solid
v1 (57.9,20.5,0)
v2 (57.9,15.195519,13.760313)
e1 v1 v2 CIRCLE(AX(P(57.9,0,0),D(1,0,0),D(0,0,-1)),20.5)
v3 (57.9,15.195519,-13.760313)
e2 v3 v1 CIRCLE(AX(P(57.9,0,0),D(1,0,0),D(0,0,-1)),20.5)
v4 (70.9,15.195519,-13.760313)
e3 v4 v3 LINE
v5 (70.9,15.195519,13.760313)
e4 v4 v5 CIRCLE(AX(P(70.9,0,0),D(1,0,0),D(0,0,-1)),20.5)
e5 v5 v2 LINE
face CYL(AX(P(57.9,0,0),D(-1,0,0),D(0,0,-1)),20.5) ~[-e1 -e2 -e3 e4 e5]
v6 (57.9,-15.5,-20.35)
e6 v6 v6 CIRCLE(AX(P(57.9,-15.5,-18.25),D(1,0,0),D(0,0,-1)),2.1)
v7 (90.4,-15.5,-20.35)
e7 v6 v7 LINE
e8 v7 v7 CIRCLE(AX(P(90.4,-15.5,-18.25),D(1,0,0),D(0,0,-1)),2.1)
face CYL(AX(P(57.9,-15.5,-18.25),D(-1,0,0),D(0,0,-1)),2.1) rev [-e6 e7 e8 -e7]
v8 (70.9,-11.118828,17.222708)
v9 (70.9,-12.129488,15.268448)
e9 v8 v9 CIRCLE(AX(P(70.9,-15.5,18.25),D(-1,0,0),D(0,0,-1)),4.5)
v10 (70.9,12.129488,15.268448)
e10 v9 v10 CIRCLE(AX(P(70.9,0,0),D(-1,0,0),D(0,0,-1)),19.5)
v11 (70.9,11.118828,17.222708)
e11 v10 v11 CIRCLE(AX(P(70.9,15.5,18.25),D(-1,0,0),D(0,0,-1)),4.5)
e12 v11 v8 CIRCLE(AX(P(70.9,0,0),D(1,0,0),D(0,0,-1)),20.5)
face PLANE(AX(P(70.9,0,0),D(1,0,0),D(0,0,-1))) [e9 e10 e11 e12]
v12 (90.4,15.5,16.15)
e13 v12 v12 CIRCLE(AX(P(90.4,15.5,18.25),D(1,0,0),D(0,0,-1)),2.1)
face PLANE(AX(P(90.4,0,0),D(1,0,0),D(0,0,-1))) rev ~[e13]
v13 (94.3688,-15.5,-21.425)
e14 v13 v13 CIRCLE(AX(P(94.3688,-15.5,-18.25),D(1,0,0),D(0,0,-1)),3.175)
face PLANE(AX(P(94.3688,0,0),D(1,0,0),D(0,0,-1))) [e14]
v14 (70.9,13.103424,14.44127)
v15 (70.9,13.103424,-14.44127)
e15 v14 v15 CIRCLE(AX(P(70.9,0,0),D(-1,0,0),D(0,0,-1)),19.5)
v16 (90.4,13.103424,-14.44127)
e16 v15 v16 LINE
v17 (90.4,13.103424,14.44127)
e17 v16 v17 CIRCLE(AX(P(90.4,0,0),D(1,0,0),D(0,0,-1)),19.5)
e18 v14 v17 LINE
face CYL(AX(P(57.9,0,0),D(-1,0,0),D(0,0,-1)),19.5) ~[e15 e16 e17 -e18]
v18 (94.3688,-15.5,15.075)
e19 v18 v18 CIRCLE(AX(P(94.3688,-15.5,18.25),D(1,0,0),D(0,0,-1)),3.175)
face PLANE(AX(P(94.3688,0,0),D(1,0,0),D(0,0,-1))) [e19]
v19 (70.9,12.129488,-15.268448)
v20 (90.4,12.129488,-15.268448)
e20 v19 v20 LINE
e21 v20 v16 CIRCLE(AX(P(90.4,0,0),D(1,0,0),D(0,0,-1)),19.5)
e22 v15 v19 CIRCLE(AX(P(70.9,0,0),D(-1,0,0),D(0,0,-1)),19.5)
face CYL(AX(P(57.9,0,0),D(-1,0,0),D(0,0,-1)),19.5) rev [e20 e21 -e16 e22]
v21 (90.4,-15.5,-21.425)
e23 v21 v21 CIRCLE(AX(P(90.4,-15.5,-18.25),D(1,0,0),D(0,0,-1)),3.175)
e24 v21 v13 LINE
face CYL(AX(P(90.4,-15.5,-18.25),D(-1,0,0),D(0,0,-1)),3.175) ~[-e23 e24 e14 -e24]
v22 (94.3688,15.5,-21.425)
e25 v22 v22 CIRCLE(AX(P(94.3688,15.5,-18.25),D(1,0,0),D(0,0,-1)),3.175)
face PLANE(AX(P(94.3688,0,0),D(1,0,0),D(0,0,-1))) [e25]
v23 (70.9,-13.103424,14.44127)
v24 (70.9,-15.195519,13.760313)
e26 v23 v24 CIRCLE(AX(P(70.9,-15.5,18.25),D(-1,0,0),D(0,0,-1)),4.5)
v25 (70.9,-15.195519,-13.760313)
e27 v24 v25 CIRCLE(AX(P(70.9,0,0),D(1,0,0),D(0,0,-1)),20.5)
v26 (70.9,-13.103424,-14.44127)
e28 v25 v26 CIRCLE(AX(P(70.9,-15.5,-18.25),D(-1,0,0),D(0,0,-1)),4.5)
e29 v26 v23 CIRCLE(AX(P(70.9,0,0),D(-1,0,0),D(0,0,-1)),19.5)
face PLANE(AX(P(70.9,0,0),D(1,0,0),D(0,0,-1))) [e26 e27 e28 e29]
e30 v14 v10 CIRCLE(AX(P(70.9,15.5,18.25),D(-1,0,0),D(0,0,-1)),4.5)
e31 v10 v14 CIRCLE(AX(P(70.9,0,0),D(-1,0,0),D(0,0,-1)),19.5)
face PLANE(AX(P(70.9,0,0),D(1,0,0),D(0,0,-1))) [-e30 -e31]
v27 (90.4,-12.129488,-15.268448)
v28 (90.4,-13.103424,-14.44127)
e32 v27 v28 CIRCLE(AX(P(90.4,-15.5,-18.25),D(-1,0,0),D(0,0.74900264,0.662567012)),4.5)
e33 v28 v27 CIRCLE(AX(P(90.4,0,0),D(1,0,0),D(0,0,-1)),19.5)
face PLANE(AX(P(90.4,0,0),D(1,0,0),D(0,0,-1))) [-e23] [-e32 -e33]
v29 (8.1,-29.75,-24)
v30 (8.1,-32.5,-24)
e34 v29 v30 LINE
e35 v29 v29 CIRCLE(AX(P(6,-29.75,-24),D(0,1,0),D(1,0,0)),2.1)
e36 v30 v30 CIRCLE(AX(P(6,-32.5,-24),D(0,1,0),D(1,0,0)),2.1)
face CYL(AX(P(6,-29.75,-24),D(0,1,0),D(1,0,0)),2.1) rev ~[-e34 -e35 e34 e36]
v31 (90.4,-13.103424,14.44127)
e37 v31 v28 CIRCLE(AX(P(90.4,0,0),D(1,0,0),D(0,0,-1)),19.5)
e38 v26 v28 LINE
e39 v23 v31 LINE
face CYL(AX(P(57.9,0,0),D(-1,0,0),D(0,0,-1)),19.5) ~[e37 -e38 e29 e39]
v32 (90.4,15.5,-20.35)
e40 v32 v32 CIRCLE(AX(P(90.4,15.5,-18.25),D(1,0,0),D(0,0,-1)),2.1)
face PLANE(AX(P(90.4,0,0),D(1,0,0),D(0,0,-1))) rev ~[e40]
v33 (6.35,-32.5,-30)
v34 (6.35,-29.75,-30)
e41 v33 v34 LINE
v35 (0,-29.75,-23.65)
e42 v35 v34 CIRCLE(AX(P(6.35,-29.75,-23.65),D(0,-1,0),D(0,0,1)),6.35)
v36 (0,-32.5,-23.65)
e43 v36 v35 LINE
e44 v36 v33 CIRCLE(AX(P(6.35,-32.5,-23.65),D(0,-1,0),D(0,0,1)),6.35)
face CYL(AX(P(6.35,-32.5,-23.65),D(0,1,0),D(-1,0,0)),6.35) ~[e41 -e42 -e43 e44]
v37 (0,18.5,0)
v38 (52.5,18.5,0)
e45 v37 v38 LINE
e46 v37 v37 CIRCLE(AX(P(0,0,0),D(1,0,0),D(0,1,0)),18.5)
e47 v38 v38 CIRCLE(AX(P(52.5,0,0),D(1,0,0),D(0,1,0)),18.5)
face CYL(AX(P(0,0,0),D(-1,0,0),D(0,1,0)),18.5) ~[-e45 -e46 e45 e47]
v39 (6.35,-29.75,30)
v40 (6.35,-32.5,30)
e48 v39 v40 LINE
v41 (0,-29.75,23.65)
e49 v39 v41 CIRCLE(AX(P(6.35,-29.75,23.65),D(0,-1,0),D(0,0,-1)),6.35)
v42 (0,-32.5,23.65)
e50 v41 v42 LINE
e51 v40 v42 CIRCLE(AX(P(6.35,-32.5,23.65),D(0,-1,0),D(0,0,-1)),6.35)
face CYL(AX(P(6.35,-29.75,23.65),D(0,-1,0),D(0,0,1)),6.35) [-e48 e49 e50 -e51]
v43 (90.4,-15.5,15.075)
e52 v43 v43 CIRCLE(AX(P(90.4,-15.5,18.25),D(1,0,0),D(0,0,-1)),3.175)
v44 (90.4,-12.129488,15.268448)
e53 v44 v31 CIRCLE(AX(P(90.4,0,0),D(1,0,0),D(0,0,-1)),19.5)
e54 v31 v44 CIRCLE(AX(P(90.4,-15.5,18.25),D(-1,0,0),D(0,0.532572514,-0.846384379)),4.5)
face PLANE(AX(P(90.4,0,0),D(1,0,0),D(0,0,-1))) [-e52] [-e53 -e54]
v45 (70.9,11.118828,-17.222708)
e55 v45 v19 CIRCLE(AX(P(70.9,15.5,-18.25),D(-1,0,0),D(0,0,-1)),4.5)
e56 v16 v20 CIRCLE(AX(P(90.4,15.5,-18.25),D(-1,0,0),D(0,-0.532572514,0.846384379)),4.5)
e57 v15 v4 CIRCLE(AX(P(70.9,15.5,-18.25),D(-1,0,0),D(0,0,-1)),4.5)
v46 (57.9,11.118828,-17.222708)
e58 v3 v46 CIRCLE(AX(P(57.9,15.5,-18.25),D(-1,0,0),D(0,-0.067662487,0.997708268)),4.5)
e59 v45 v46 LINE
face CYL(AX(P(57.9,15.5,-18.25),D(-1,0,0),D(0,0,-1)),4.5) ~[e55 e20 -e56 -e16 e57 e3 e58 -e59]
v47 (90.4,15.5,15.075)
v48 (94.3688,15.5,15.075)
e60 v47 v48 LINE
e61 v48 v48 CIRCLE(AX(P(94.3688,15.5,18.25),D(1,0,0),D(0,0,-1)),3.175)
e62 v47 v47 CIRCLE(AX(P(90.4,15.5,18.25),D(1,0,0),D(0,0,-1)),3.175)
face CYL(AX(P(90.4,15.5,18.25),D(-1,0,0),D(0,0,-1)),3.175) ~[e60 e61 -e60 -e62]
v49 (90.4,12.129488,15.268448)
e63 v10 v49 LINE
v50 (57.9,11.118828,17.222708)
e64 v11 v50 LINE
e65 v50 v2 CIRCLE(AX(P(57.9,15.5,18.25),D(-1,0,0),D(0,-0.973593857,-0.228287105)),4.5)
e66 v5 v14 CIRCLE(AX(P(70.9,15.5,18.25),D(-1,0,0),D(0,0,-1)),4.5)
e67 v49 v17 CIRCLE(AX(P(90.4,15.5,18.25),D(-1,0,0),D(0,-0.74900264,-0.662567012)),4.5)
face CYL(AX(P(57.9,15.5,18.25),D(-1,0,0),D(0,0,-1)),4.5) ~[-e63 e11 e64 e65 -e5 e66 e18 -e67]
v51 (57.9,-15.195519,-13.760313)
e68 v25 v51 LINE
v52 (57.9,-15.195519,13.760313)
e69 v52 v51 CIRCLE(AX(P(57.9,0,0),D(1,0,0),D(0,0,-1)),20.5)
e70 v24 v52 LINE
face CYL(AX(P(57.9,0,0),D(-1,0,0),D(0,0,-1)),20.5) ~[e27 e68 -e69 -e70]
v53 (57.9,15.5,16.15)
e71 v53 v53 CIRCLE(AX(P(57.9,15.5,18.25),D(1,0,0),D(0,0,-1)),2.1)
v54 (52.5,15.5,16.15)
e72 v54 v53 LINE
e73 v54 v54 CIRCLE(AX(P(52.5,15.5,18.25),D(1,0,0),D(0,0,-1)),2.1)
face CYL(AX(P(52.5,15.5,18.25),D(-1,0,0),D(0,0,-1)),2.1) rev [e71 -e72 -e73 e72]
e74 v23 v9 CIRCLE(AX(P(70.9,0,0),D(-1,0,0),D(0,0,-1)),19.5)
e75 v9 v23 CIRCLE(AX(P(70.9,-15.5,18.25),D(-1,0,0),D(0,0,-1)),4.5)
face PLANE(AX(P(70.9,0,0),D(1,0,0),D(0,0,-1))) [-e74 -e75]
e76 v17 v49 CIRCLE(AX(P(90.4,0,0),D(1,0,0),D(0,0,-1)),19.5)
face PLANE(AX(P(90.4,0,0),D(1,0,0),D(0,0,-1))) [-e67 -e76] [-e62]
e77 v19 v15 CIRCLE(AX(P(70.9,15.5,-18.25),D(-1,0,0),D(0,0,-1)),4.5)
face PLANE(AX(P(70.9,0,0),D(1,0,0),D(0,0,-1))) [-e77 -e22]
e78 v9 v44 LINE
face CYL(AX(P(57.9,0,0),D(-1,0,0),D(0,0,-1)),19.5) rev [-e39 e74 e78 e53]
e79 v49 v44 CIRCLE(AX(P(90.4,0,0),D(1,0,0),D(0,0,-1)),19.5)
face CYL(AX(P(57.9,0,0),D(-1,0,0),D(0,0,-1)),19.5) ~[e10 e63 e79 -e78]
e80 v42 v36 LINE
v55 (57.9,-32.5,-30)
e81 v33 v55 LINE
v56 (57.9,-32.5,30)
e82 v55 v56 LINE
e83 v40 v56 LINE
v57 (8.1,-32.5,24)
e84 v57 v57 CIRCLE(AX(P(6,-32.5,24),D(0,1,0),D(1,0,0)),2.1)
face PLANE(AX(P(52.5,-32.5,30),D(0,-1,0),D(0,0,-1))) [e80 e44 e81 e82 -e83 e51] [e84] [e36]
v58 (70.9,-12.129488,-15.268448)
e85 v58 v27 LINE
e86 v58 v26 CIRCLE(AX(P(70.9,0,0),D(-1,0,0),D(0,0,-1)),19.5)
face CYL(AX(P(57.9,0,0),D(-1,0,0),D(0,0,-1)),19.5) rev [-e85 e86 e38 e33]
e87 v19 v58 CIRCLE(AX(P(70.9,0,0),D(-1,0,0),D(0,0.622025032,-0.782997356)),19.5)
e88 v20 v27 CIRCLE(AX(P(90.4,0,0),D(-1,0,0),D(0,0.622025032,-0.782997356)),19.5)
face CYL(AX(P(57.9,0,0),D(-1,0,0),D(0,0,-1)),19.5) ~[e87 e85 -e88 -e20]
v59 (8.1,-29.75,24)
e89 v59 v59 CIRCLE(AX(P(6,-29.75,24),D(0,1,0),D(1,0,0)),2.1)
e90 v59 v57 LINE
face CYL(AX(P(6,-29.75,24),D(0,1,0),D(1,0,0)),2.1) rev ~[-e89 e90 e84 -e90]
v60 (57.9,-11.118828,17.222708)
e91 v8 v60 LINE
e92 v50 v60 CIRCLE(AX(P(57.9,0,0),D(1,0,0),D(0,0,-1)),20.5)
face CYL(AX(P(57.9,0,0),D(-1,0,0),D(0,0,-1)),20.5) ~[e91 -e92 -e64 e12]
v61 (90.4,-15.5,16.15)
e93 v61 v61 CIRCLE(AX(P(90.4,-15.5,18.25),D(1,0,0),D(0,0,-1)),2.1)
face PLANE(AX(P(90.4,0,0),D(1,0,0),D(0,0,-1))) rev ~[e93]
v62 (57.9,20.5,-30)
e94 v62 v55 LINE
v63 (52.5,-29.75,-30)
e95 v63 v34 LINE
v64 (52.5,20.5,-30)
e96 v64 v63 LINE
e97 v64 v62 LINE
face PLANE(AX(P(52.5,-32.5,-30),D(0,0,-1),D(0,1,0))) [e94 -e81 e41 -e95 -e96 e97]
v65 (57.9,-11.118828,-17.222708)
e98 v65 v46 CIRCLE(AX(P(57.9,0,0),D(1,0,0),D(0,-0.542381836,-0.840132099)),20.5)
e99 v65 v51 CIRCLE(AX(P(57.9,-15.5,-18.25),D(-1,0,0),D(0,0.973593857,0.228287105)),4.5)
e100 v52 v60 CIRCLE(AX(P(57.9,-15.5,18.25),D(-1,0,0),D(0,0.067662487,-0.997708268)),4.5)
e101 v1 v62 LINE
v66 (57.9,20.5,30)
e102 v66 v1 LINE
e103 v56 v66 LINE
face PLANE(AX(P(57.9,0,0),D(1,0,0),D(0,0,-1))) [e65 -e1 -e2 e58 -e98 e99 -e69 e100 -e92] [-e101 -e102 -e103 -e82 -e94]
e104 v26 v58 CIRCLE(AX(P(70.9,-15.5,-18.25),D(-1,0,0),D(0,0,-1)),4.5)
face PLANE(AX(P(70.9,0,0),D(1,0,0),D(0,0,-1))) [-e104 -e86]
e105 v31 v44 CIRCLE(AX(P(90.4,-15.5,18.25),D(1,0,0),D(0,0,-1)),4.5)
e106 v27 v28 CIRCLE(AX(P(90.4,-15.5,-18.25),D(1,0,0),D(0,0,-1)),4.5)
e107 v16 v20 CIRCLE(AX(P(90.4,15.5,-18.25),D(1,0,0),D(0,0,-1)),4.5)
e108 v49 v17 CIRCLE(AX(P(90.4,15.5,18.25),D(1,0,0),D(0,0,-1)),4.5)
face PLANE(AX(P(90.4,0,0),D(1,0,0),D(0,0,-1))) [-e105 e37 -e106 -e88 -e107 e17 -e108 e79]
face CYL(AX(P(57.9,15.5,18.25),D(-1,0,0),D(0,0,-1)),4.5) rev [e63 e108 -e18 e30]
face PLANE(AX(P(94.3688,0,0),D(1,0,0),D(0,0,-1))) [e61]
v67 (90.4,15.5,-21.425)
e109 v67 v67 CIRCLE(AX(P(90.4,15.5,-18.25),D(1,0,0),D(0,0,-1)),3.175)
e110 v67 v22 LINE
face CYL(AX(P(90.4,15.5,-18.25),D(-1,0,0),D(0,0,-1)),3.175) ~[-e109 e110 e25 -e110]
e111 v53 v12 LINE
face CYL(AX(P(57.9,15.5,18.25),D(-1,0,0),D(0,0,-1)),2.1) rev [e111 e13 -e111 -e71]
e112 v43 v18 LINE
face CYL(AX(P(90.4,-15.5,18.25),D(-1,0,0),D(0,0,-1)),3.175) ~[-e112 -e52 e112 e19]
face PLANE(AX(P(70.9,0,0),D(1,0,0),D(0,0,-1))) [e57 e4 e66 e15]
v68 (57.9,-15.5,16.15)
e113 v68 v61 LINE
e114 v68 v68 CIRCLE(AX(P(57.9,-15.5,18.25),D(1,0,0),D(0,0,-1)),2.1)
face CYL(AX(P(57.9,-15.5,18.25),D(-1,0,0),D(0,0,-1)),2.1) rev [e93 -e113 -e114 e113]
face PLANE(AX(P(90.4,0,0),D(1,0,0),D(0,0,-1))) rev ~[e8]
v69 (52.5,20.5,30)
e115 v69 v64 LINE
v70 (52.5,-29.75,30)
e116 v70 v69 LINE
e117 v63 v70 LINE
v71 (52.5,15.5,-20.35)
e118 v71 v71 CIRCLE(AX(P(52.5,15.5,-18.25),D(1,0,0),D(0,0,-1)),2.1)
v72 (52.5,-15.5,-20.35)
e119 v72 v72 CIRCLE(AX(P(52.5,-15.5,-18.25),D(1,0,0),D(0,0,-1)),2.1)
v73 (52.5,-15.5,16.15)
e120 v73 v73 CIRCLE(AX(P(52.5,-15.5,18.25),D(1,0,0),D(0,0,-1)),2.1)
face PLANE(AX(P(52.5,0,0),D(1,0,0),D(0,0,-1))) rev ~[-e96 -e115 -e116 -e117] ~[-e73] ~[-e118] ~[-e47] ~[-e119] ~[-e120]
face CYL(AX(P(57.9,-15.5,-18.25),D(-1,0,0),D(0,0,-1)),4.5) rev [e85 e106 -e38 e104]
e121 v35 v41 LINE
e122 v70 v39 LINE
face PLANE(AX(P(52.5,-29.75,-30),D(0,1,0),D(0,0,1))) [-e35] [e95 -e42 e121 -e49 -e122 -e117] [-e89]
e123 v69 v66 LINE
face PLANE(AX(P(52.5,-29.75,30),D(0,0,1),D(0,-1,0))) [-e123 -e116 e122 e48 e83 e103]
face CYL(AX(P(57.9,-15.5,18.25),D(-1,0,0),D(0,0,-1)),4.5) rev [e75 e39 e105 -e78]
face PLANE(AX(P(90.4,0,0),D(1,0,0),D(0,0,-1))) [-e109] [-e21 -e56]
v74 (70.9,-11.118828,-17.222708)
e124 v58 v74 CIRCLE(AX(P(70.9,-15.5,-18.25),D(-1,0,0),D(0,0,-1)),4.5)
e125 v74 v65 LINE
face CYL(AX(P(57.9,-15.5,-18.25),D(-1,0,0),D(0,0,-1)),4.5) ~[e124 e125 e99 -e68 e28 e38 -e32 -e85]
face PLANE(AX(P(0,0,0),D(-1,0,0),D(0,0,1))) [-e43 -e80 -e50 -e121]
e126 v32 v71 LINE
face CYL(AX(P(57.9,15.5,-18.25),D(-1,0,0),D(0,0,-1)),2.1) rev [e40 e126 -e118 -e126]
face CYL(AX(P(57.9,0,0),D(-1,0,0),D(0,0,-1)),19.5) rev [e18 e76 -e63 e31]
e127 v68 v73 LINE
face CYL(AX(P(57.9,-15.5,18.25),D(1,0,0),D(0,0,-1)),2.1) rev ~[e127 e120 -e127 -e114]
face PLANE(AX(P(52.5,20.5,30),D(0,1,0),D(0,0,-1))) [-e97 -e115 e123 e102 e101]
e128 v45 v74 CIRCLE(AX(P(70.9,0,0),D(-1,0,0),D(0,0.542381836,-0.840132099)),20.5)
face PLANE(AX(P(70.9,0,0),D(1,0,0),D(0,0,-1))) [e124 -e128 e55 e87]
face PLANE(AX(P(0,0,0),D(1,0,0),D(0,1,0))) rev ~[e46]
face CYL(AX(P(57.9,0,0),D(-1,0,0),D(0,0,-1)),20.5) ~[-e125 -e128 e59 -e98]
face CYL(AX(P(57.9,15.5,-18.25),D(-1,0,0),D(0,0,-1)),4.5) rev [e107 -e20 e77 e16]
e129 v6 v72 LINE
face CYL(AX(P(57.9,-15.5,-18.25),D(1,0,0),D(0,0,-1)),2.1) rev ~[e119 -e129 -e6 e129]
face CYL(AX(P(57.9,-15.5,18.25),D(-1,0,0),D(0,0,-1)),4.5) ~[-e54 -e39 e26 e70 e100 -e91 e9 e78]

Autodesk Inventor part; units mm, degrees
ref_plane "YZ Plane" through (0, 0, 0) normal (1, 0, 0) x (0, 1, 0)
ref_plane "XZ Plane" through (0, 0, 0) normal (0, 1, 0) x (-1, 0, 0)
ref_plane "XY Plane" through (0, 0, 0) normal (0, 0, 1) x (1, 0, 0)
sketch "Sketch1" plane through (0, 0, 0) normal (1, 0, 0) x (0, 1, 0)
  circle A0 centre (0, 0) radius 18.5
  dimension "d0" = 37
extrude "Extrusion1" add sketch "Sketch1" along normal blind 52.5
sketch "Sketch2" plane through (52.5, 0, 0) normal (1, 0, 0) x (0, 0, -1)
  circle A0 centre (0, 0) radius 18.5 projected
  line L0 (0, 18.5) -> (0, 15.5) construction
  line L1 (0, 15.5) -> (18.25, 15.5) construction
  line L2 (0, 15.5) -> (-18.25, 15.5) construction
  circle A1 centre (18.25, 15.5) radius 2.1
  circle A2 centre (-18.25, 15.5) radius 2.1
  line L3 (0, 15.5) -> (0, 20.5) construction
  line L4 (0, 20.5) -> (30, 20.5) construction
  line L5 (0, 20.5) -> (-30, 20.5) construction
  line L6 (-30, 20.5) -> (30, 20.5)
  line L7 (30, 20.5) -> (30, -32.5)
  line L8 (30, -32.5) -> (-30, -32.5)
  line L9 (-30, -32.5) -> (-30, 20.5)
  dimension "d3" = 3
  dimension "d4" = 18.25
  dimension "d5" = 4.2
  dimension "d6" = 5
  dimension "d7" = 30
  dimension "d8" = 53
extrude "Extrusion2" add sketch "Sketch2" along normal blind 5.4 contours A0 | L6 L7 L8 L9
sketch "Sketch3" plane through (52.5, 0, 0) normal (-1, 0, 0) x (0, 0, 1)
  line L0 (30, 20.5) -> (30, -32.5) projected
  line L1 (-30, -32.5) -> (-30, 20.5) projected
  line L2 (30, -32.5) -> (-30, -32.5)
  line L3 (-30, -32.5) -> (-30, -29.75)
  line L4 (-30, -29.75) -> (30, -29.75)
  line L5 (30, -29.75) -> (30, -32.5)
  point P0 (0, 0)
  dimension "d11" = 2.75
extrude "Extrusion3" add sketch "Sketch3" along normal blind 52.5
sketch "Sketch4" plane through (57.9, 0, 0) normal (1, 0, 0) x (0, 0, -1)
  circle A0 centre (-18.25, 15.5) radius 2.1 projected
  circle A1 centre (18.25, 15.5) radius 2.1 projected
  circle A2 centre (0, 0) radius 18.5 construction
  line L0 (0, 0) -> (11.8041, 0) construction
  circle A3 centre (-18.25, -15.5) radius 2.1
  circle A4 centre (18.25, -15.5) radius 2.1
extrude "Extrusion4" cut sketch "Sketch4" against normal through all contours A3 | A4
sketch "Sketch5" plane through (52.5, -29.75, 30) normal (0, 1, 0) x (1, 0, 0)
  line L0 (-52.5, 0) -> (-52.5, 60) construction
  line L1 (-52.5, 0) -> (-46.5, 0) construction
  line L2 (0, 0) -> (-52.5, 0) construction
  line L3 (-46.5, 0) -> (-46.5, 6) construction
  circle A0 centre (-46.5, 6) radius 2.1
  line L4 (-52.5, 30) -> (-49.5, 30) construction
  line L5 (-52.5, 30) -> (-49.5, 30) construction
  circle A1 centre (-46.5, 54) radius 2.1
  dimension "d16" = 6
  dimension "d17" = 6
  dimension "d18" = 4.2
  dimension "d19" = 0
extrude "Extrusion5" cut sketch "Sketch5" against normal through all
fillet "Fillet1" radius 6.35 2 edges at (0, -31.125, 30) (0, -31.125, -30)
sketch "Sketch6" plane through (57.9, 0, 0) normal (1, 0, 0) x (0, 0, -1)
  circle A0 centre (-18.25, 15.5) radius 2.1 projected
  circle A1 centre (18.25, 15.5) radius 2.1 projected
  circle A2 centre (18.25, -15.5) radius 2.1 projected
  circle A3 centre (-18.25, -15.5) radius 2.1 projected
  line L0 (-18.25, 15.5) -> (18.25, -15.5) construction
  circle A4 centre (0, 0) radius 19.5
  circle A5 centre (-18.25, 15.5) radius 4.5
  circle A6 centre (18.25, 15.5) radius 4.5
  circle A7 centre (18.25, -15.5) radius 4.5
  circle A8 centre (-18.25, -15.5) radius 4.5
  point P0 (-15.2684, -12.1295)
  point P1 (-14.4413, -13.1034)
  point P2 (14.4413, -13.1034)
  point P3 (15.2684, -12.1295)
  point P4 (15.2684, 12.1295)
  point P5 (14.4413, 13.1034)
  point P6 (-14.4413, 13.1034)
  point P7 (-15.2684, 12.1295)
  dimension "d23" = 39
  dimension "d24" = 9
  dimension "d25" = 9
  dimension "d26" = 9
  dimension "d27" = 9
extrude "Extrusion6" add sketch "Sketch6" along normal blind 32.5 contours A4 A7 A8 A5 A6 | A4 A6 | A7 A4 | A4 A5 | A8 A4 picked at (21.8842, 16.0341) picked at (21.8842, -16.0341) picked at (-14.6159, 16.0344) picked at (-14.6159, -16.0344)
sketch "Sketch7" plane through (57.9, 0, 0) normal (1, 0, 0) x (0, 0, -1)
  circle A0 centre (0, 0) radius 18.5 projected
  circle A1 centre (0, 0) radius 20.5
extrude "Extrusion7" add sketch "Sketch7" along normal blind 13
sketch "Sketch8" plane through (90.4, 0, 0) normal (1, 0, 0) x (0, 0, -1)
  circle A0 centre (-18.25, 15.5) radius 2.1 projected
  circle A1 centre (-18.25, 15.5) radius 3.175
  circle A2 centre (18.25, 15.5) radius 2.1 projected
  circle A3 centre (18.25, 15.5) radius 3.175
  line L0 (0, 0) -> (9.867, 0) construction
  circle A4 centre (-18.25, -15.5) radius 3.175
  circle A5 centre (18.25, -15.5) radius 3.175
  dimension "d32" = 6.35
  dimension "d33" = 6.35
extrude "Extrusion8" add sketch "Sketch8" along normal blind 3.9688 contours A0 | A1 | A2 | A3 | A4 | A5
sketch "Sketch9" plane through (57.9, -32.5, -30) normal (0, -1, 0) x (1, 0, 0)
  circle A0 centre (-51.9, 6) radius 2.1 construction
  circle A1 centre (-51.9, 54) radius 2.1 construction
  line L0 (-51.9, 6) -> (-51.9, 54) construction
  point P0 (-57.9, 30)
properties part number "Pump"
